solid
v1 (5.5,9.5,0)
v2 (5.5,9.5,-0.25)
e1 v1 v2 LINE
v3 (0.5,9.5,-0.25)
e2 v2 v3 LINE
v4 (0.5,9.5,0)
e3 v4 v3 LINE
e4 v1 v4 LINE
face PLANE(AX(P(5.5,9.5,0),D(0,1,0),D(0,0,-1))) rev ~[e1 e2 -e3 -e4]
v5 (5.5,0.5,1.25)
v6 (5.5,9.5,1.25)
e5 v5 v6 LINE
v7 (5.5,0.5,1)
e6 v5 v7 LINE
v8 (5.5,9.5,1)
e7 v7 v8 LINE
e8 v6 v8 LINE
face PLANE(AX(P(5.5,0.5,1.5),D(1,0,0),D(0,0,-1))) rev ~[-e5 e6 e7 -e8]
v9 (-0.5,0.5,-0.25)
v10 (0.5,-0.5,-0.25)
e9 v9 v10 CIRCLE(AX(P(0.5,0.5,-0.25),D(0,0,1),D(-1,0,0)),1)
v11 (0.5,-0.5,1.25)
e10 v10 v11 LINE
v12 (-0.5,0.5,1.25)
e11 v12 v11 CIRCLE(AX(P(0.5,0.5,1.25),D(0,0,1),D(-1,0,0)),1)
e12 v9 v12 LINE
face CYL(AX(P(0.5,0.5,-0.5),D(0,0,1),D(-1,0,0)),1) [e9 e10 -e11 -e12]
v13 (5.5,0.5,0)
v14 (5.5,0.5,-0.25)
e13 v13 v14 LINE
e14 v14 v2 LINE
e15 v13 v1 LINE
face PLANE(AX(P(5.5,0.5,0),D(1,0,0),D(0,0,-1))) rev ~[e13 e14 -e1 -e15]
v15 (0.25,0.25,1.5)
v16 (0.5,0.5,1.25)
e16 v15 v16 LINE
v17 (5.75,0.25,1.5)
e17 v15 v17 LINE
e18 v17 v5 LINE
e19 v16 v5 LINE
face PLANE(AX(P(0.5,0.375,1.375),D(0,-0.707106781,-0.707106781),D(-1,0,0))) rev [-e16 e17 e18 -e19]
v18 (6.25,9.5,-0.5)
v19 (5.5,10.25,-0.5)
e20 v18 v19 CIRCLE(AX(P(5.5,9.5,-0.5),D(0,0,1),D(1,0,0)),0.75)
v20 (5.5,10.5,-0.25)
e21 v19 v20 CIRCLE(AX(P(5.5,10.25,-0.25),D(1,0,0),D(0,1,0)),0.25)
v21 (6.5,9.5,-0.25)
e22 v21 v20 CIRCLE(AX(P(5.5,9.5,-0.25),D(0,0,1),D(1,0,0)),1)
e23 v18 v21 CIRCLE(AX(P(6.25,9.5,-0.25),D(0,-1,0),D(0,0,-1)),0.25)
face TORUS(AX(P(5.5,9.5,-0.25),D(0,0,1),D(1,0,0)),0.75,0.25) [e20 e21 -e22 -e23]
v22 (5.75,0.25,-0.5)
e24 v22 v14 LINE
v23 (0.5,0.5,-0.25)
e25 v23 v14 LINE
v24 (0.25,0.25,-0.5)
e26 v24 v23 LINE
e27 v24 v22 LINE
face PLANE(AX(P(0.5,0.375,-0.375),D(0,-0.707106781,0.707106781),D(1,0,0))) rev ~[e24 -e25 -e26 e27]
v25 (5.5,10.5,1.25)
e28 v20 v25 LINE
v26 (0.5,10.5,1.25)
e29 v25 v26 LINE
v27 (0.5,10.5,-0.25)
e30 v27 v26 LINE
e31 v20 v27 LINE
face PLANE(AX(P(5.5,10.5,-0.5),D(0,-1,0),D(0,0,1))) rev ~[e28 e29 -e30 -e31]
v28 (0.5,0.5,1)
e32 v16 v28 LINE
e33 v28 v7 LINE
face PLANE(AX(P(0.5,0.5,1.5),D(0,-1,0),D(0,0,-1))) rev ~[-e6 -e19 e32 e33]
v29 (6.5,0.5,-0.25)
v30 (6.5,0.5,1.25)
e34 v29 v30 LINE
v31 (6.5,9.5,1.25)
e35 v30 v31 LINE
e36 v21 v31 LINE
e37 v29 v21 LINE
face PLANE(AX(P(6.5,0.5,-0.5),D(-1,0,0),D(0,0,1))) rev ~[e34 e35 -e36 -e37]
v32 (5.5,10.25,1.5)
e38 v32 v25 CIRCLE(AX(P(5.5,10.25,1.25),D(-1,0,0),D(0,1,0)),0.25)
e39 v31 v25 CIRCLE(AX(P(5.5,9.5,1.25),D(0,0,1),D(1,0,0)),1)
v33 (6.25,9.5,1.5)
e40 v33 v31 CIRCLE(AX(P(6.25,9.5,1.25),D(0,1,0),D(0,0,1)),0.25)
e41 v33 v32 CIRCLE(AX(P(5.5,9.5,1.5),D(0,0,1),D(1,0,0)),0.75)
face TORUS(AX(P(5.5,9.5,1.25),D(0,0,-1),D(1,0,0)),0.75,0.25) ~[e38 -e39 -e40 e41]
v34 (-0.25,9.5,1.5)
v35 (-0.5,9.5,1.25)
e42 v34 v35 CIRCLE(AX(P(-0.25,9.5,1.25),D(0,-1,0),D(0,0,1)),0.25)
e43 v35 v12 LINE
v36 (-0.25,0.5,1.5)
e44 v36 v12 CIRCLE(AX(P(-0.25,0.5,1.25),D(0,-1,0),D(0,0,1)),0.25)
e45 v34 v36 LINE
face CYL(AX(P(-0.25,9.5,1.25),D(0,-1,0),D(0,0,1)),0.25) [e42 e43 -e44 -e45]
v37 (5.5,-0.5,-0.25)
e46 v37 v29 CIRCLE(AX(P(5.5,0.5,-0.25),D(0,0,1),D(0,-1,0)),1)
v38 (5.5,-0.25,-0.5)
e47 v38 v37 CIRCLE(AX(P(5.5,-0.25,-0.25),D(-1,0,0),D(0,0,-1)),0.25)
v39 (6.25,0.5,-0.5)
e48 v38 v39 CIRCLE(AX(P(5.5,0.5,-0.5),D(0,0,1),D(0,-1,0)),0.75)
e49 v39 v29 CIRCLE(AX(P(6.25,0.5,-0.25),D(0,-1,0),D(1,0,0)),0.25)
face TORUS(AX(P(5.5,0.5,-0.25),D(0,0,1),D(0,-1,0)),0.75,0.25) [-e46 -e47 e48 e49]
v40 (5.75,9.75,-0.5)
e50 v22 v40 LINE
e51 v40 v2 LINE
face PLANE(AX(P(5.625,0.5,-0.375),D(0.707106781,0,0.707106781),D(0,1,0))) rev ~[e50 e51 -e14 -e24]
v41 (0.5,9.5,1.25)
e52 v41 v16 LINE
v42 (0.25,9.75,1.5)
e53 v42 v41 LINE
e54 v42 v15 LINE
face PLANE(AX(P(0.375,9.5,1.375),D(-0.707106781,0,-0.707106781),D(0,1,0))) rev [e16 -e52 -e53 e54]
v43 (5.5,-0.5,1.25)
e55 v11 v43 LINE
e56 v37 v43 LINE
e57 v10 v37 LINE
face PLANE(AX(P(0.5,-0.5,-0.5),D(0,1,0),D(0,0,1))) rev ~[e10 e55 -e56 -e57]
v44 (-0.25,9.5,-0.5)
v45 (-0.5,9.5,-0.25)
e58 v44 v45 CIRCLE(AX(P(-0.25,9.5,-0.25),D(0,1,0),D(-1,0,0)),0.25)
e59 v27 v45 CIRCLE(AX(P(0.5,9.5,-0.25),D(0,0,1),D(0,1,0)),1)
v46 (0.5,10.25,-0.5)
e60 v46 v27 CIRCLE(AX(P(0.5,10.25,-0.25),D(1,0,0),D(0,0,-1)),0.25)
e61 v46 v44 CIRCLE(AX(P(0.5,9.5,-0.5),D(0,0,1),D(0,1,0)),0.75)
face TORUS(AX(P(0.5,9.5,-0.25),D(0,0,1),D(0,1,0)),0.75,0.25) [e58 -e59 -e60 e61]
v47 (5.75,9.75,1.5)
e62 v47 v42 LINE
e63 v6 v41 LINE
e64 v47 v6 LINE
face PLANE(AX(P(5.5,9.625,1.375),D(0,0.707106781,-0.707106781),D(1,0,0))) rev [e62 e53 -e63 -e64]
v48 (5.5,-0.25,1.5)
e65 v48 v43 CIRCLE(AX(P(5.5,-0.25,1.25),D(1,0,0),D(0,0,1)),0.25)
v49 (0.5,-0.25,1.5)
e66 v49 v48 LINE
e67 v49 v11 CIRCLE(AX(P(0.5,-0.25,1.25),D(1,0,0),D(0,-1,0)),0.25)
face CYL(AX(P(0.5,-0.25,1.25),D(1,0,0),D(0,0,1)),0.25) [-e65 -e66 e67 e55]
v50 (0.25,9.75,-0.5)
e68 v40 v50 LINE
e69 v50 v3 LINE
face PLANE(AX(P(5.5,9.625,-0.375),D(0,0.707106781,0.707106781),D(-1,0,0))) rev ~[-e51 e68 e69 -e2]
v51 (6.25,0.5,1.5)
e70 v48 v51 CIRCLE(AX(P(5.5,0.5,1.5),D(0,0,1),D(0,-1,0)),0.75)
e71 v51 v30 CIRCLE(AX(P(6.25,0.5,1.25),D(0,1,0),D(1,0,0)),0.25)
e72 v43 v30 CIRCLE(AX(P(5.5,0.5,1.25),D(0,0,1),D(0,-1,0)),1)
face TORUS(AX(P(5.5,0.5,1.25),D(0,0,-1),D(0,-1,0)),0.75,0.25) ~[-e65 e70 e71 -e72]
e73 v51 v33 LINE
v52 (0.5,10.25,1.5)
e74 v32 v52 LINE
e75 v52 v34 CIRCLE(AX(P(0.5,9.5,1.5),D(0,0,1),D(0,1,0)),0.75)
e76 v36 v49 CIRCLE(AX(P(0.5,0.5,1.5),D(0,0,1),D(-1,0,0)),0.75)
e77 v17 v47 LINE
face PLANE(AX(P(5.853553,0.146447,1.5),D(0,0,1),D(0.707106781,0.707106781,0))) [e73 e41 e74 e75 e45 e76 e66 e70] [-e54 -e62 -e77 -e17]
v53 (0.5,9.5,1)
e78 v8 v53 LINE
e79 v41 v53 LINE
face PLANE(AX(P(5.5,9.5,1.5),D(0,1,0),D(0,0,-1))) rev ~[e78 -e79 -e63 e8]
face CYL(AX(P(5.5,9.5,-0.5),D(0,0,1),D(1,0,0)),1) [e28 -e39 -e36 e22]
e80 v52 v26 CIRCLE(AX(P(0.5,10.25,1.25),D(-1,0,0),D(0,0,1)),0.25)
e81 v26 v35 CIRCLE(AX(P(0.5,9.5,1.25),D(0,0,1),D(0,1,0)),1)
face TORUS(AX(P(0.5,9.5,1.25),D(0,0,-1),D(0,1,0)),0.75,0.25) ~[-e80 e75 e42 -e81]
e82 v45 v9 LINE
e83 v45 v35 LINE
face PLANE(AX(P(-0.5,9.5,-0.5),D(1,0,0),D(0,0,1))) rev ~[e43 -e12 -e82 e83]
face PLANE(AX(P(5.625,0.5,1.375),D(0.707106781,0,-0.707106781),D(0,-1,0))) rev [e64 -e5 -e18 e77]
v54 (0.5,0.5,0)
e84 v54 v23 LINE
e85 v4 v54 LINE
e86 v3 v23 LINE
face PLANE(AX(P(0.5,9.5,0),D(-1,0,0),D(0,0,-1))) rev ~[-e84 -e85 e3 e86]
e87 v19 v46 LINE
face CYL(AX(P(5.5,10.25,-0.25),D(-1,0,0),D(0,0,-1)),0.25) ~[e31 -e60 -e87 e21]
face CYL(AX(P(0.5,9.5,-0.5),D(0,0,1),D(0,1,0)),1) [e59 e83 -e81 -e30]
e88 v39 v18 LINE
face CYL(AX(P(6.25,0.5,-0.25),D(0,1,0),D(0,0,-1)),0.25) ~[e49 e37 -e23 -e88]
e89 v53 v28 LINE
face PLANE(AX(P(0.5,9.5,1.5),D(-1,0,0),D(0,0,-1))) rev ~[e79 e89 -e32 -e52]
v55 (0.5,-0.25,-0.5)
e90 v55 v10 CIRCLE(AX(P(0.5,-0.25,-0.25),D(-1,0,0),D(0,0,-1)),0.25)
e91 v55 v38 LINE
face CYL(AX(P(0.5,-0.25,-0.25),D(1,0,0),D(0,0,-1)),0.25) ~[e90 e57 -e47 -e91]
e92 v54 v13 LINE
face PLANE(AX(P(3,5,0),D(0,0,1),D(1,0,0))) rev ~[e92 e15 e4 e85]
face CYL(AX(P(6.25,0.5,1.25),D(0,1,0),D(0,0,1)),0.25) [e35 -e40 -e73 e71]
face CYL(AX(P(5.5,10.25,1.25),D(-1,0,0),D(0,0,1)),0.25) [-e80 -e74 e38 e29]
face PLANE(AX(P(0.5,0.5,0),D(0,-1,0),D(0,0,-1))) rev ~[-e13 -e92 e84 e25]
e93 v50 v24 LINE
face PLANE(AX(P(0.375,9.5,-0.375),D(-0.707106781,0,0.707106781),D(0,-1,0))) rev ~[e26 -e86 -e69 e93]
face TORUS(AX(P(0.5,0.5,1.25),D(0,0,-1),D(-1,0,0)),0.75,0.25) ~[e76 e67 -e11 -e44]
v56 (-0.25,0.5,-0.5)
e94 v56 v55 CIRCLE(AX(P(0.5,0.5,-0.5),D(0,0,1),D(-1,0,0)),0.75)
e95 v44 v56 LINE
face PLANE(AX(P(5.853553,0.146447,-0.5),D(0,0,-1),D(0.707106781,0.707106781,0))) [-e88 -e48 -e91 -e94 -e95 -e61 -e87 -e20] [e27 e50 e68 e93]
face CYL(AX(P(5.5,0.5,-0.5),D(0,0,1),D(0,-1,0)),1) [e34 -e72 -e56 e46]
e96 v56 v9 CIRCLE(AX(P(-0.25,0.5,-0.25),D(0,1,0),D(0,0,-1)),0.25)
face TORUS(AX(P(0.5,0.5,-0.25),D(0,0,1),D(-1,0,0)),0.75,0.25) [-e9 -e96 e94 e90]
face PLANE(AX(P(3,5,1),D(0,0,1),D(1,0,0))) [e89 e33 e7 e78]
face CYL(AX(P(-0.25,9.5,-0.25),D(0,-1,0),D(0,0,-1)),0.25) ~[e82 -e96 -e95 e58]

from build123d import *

# Parameters (mm, degrees)
F0_W     = 6
F0_H     = 10
F1_DEPTH = 1
F2_R     = 0.5
F7_R     = 0.25
F8_SIZE  = 0.25


with BuildPart() as f1:
    # F0 (on Top) → F1 (new body)
    with BuildSketch(Plane.XY):
        with Locations((3, 5)):
            Rectangle(F0_W, F0_H)
    extrude(amount=F1_DEPTH)

    # F2
    f2_edges = [f1.edges().sort_by_distance(p)[0] for p in [
        (6, 0, 0.5),
        (6, 10, 0.5),
        (0, 0, 0.5),
        (0, 10, 0.5),
    ]]
    fillet(f2_edges, radius=F2_R)

    # F6: sweep along a path in F5
    with BuildLine(Plane.XY.offset(1)) as f6_path:
        ThreePointArc((5.5, 0), (5.8535533906, 0.1464466094), (6, 0.5))
        Line((6, 0.5), (6, 9.5))
        ThreePointArc((6, 9.5), (5.8535533906, 9.8535533906), (5.5, 10))
        Line((5.5, 10), (0.5, 10))
        ThreePointArc((0.5, 10), (0.1464466094, 9.8535533906), (0, 9.5))
        Line((0, 9.5), (0, 0.5))
        ThreePointArc((0, 0.5), (0.1464466094, 0.1464466094), (0.5, 0))
        Line((0.5, 0), (5.5, 0))
    # F4 (on offset) → F6 (sweep)
    with BuildSketch(Plane.XZ.offset(-0.5)):
        Polygon((6, 1), (6, 0), (5.5, 0), (5.5, -0.5), (6.5, -0.5), (6.5, 1.5), (5.5, 1.5), (5.5, 1), align=None)
    sweep(path=f6_path.line)

    # F7
    f7_edges = [f1.edges().sort_by_distance(p)[0] for p in [
        (-0.5, 5, 1.5),
        (3, -0.5, -0.5),
    ]]
    fillet(f7_edges, radius=F7_R)

    # F8
    f8_edges = [f1.edges().sort_by_distance(p)[0] for p in [
        (0.5, 5, 1.5),
        (3, 9.5, 1.5),
        (5.5, 5, 1.5),
        (3, 0.5, 1.5),
        (0.5, 5, -0.5),
        (3, 0.5, -0.5),
        (5.5, 5, -0.5),
        (3, 9.5, -0.5),
    ]]
    chamfer(f8_edges, length=F8_SIZE)


solid = f1.part
